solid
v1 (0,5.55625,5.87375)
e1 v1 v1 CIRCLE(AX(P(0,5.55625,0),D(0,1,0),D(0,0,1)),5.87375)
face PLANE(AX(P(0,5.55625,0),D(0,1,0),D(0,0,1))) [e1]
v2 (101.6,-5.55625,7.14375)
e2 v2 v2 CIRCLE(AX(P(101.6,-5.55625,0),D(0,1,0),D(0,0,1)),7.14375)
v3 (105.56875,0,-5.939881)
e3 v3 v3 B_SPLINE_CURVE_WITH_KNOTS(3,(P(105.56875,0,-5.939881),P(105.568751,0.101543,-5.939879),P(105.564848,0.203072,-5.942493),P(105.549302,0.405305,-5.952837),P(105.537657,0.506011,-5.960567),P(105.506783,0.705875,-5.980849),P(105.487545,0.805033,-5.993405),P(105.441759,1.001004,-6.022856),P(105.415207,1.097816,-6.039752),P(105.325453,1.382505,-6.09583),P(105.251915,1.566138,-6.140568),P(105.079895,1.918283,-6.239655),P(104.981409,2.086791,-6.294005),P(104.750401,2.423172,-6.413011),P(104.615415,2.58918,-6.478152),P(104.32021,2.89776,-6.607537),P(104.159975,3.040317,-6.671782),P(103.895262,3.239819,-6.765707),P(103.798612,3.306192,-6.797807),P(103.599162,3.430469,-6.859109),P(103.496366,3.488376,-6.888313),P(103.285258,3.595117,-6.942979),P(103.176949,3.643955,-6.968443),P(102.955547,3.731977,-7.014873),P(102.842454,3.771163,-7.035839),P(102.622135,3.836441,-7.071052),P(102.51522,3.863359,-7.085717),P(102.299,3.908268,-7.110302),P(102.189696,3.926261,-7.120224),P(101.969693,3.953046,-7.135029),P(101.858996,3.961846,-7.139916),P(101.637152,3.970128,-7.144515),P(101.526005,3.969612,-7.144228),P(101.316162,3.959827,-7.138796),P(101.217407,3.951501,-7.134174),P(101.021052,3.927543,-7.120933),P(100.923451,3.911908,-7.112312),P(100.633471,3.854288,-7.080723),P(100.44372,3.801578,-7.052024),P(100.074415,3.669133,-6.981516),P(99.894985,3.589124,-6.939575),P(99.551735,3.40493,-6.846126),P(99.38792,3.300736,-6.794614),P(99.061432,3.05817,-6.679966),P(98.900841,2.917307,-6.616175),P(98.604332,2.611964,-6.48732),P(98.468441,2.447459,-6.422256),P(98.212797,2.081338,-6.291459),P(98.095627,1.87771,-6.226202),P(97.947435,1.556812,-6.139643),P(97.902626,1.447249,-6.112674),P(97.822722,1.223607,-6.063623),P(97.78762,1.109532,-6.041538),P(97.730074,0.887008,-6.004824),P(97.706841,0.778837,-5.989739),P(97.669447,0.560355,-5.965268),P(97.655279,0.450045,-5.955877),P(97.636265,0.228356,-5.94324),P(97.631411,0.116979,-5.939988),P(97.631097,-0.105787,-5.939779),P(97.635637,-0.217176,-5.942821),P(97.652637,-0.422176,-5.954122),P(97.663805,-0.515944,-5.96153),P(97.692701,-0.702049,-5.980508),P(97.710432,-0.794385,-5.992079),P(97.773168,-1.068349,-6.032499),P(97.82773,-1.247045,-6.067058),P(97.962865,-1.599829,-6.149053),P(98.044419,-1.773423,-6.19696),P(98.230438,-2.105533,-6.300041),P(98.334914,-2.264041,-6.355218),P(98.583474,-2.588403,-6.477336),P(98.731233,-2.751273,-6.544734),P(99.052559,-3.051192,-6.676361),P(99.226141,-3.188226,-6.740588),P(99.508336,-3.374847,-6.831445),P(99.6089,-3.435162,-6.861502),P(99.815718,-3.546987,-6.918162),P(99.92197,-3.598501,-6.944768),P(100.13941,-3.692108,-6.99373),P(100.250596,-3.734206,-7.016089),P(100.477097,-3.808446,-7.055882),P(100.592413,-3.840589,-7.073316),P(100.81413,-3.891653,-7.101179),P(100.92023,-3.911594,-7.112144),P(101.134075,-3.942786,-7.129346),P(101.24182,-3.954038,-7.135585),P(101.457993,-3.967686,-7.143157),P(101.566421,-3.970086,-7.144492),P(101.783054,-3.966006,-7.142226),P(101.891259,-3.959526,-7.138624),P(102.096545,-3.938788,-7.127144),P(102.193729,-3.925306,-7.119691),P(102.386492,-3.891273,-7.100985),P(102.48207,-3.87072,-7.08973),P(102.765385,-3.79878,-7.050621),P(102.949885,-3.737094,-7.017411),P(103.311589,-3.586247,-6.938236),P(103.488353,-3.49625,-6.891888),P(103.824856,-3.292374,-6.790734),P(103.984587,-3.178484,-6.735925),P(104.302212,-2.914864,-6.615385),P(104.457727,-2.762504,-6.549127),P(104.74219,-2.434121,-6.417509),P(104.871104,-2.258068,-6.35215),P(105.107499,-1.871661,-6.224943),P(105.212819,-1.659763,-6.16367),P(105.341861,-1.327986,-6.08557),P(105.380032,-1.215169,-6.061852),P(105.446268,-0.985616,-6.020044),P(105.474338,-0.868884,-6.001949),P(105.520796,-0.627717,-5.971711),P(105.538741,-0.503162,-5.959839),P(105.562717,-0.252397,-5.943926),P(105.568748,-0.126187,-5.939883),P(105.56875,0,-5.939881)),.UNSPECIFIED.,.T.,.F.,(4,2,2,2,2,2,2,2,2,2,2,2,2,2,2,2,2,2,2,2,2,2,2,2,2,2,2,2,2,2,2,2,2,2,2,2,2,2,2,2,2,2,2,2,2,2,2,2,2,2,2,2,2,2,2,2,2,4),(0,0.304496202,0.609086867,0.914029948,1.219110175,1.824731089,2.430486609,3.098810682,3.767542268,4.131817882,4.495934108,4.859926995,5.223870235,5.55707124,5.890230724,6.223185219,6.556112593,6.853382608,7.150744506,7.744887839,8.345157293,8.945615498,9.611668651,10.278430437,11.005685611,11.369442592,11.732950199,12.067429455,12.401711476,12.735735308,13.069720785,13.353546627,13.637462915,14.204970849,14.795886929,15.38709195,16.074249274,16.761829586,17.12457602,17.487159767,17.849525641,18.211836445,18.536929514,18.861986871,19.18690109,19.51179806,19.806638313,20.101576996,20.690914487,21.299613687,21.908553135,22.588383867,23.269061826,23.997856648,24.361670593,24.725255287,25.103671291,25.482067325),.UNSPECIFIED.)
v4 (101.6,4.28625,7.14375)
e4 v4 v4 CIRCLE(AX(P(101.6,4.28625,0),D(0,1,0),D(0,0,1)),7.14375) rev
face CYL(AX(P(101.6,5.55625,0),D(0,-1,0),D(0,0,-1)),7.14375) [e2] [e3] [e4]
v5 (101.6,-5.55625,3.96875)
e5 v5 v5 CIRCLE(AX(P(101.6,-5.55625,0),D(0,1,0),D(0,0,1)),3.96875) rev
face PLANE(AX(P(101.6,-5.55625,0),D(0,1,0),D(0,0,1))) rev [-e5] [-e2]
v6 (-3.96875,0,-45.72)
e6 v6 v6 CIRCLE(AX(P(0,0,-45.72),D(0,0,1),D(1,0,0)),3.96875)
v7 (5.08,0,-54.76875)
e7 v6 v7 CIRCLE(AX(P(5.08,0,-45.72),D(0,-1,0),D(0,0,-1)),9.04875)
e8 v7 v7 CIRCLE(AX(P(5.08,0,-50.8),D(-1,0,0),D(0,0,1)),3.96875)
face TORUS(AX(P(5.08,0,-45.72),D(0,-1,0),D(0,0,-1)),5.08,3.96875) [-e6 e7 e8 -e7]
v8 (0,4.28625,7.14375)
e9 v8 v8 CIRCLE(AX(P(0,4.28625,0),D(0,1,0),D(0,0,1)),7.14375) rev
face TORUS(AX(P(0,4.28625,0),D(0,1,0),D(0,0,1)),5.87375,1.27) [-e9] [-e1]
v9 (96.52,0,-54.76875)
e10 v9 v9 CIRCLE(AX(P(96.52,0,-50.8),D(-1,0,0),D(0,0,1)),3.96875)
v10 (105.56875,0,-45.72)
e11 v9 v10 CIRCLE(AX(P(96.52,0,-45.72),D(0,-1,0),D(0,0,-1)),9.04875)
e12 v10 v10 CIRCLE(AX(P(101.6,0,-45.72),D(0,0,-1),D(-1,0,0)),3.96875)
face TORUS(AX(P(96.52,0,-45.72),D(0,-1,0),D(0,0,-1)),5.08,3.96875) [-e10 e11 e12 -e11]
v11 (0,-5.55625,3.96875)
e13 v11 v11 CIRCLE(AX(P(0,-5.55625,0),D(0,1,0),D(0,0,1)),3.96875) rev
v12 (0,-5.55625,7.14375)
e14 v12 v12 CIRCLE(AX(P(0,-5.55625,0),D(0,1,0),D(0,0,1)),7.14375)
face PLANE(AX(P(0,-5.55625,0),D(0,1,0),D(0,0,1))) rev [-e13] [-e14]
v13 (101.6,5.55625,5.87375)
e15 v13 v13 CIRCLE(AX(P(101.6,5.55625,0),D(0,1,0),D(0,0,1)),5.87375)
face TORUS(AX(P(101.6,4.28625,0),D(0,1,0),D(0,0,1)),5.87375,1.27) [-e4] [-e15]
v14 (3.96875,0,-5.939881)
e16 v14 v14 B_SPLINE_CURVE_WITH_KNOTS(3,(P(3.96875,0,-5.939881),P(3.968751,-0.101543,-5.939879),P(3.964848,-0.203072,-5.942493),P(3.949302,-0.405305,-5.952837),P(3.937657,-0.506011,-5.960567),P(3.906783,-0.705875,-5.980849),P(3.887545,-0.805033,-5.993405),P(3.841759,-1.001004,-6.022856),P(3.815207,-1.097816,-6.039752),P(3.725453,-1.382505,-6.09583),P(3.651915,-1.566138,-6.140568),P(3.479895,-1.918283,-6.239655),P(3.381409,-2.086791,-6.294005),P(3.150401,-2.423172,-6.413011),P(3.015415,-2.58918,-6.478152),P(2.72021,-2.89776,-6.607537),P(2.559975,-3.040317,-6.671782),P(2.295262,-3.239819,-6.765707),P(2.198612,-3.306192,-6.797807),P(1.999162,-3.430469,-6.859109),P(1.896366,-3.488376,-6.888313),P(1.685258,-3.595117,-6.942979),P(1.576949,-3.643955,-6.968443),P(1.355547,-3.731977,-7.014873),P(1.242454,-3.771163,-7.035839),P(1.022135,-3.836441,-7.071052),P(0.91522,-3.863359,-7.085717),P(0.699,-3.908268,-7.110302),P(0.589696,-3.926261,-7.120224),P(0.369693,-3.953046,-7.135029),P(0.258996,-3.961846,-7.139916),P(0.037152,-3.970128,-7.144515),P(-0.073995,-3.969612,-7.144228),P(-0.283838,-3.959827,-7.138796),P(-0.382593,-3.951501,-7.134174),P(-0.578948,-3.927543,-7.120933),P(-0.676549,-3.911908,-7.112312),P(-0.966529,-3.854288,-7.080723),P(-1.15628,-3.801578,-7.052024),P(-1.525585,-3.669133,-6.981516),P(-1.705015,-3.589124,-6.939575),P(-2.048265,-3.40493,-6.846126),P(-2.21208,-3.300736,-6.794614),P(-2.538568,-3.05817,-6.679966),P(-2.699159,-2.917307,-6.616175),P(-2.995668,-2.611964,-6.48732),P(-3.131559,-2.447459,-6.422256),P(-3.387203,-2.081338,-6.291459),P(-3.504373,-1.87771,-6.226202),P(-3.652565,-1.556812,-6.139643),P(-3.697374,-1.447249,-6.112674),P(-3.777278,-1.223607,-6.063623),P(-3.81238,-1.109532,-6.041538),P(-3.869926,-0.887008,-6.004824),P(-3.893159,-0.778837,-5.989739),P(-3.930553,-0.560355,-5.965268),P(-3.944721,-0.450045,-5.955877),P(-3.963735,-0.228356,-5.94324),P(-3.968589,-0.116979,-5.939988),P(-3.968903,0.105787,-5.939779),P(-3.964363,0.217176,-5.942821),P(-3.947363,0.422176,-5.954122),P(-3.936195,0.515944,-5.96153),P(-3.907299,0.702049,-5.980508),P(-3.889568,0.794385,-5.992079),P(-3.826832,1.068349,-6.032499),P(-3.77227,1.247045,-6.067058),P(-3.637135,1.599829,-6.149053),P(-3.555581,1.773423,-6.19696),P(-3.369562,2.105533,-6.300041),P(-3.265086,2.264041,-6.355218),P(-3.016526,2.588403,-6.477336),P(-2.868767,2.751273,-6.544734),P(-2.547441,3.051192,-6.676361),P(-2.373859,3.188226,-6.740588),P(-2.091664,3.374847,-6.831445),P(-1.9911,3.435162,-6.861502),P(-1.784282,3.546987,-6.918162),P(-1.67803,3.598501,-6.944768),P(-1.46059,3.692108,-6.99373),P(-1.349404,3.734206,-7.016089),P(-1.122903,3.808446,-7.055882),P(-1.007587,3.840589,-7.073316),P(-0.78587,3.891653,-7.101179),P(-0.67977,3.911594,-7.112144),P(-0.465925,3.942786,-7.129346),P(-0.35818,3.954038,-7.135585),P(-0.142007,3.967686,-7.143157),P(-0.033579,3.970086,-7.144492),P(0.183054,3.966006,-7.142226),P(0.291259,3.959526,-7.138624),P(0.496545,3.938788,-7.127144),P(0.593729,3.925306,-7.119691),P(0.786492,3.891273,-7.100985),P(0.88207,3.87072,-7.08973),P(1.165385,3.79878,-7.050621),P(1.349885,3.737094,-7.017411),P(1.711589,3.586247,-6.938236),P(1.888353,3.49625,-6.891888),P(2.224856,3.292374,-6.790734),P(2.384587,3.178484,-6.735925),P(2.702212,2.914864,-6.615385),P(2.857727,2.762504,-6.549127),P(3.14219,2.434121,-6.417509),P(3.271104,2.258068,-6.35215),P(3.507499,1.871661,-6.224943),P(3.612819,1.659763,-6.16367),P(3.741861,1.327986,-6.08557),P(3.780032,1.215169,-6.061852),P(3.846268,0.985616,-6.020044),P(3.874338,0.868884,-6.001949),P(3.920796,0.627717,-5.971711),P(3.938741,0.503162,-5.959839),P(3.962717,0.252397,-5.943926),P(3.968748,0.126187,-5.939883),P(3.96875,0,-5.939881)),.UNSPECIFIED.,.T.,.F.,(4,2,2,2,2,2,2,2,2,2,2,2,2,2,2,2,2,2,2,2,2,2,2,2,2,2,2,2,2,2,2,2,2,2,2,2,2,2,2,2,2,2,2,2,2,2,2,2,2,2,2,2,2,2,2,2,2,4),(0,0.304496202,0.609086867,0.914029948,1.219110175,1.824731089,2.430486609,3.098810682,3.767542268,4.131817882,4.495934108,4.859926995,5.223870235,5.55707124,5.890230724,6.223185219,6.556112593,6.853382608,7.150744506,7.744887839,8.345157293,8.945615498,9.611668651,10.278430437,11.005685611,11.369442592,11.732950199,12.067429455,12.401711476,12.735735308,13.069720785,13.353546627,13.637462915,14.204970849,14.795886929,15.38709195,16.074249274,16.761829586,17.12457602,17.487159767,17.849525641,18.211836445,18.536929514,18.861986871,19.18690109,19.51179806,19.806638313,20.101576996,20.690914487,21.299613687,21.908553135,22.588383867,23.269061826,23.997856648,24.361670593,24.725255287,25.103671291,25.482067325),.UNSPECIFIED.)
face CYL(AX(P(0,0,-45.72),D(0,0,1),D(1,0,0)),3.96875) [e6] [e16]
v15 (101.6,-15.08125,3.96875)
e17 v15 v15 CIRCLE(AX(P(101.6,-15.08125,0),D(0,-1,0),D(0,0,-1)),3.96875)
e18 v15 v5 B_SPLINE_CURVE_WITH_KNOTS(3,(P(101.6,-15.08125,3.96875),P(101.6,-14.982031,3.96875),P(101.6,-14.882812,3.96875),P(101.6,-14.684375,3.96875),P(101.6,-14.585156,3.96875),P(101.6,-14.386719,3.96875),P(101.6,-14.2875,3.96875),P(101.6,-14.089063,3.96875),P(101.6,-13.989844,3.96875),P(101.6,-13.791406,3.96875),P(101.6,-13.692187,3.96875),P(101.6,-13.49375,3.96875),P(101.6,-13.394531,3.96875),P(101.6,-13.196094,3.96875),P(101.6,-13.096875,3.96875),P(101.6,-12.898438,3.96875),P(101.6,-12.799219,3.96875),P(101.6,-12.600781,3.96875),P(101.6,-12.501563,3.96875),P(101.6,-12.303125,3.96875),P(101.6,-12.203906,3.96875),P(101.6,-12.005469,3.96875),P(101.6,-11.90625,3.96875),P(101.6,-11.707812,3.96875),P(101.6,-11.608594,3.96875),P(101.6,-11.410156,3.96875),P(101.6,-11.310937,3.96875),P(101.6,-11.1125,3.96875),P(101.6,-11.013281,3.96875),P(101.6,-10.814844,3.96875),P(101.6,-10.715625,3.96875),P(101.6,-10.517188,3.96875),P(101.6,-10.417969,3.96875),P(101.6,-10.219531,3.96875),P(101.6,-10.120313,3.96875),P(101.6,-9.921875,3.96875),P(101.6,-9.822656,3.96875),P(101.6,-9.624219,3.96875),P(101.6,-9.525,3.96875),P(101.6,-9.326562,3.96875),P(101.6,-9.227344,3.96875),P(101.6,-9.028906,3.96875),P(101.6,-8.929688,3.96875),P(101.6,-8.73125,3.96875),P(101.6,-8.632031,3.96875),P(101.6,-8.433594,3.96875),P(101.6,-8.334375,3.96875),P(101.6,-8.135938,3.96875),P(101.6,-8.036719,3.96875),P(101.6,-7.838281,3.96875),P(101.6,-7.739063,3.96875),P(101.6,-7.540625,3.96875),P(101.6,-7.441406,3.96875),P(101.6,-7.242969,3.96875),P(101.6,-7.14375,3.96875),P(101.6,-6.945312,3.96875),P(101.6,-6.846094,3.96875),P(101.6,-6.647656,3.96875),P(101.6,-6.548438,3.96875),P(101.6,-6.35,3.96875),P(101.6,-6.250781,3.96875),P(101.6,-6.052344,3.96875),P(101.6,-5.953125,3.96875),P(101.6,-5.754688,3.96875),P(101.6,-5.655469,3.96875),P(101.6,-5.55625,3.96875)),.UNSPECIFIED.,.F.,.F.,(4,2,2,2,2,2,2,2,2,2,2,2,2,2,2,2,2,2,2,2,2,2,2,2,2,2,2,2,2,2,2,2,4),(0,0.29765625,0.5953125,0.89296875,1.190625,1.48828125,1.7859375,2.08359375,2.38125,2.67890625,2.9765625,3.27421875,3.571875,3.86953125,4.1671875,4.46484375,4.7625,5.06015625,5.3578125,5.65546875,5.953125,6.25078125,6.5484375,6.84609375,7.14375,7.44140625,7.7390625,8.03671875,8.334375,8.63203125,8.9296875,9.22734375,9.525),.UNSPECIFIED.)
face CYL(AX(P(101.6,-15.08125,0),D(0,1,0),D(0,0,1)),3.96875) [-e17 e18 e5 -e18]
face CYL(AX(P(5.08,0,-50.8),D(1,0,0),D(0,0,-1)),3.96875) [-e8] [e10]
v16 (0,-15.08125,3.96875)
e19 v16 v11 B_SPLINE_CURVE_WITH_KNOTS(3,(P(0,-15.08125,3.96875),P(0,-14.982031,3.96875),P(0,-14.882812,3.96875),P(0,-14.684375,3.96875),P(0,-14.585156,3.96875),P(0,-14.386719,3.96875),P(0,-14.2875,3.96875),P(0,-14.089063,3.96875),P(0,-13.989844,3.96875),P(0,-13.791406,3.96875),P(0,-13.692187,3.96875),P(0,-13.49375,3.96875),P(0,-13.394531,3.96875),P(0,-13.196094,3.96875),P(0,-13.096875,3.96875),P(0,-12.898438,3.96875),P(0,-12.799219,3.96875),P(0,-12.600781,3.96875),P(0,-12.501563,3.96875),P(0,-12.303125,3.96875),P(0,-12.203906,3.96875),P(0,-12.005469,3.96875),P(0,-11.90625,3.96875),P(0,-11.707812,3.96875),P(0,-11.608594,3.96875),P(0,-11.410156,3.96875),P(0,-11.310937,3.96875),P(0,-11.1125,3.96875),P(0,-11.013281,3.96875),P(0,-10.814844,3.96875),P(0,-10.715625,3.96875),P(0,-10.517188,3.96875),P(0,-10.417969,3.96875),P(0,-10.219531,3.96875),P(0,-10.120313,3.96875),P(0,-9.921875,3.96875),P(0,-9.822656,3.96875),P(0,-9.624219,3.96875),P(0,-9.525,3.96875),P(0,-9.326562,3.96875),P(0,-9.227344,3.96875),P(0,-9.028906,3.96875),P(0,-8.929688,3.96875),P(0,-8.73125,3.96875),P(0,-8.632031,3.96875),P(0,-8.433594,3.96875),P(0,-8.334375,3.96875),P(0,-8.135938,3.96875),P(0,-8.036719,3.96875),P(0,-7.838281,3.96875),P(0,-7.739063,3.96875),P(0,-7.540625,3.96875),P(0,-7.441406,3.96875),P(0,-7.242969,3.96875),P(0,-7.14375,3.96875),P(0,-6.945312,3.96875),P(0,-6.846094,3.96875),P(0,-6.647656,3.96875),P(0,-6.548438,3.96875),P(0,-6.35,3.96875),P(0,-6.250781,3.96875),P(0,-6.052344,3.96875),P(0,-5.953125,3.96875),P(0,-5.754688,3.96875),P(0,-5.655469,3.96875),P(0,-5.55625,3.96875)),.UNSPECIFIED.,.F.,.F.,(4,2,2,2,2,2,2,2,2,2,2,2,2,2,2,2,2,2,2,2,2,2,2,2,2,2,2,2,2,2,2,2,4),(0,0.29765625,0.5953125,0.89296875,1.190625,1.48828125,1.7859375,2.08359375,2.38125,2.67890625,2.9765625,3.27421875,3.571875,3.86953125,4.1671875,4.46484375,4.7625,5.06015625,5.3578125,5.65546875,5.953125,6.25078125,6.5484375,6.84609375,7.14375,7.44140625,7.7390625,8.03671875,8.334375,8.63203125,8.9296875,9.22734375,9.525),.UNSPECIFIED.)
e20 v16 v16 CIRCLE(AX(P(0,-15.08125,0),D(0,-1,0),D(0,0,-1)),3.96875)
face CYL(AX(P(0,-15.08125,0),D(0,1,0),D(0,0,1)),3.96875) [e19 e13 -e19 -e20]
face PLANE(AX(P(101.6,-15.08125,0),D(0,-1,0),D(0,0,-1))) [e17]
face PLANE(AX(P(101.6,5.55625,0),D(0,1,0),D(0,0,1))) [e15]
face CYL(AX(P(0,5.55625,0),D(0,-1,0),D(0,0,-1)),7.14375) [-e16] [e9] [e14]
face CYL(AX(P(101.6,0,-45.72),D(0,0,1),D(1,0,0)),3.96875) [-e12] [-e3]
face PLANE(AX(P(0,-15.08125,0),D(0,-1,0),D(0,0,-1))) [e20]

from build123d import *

# Parameters (mm, degrees)
SKETCH2_R      = 3.96875
SKETCH3_R      = 7.14375
EXTRUDE1_DEPTH = 5.55625
SKETCH4_R      = 3.96875
EXTRUDE2_DEPTH = 9.525
FILLET1_R      = 1.27


with BuildPart() as part:
    # Sweep1: sweep along a path in Sketch1
    with BuildLine(Plane(origin=(0, 0, 0), x_dir=(1, 0, 0), z_dir=(0, 1, 0))) as sweep1_path:
        Line((0, 0), (0, 45.72))
        ThreePointArc((0, 45.72), (1.487897552, 49.312102448), (5.08, 50.8))
        Line((5.08, 50.8), (96.52, 50.8))
        ThreePointArc((96.52, 50.8), (100.112102448, 49.312102448), (101.6, 45.72))
        Line((101.6, 45.72), (101.6, 0))
    # Sketch2 → Sweep1 (sweep)
    with BuildSketch(Plane.XY):
        Circle(SKETCH2_R)
    sweep(path=sweep1_path.line)

    # Sketch3 → Extrude1 (add, symmetric)
    with BuildSketch(Plane(origin=(0, 0, 0), x_dir=(1, 0, 0), z_dir=(0, 1, 0))):
        with Locations(Location((0, 0, 0), (0, 0, 270))):
            Circle(SKETCH3_R)
        with Locations(Location((101.6, 0, 0), (0, 0, 270))):
            Circle(SKETCH3_R)
    extrude(amount=EXTRUDE1_DEPTH, both=True)

    # Sketch4 → Extrude2 (add)
    with BuildSketch(Plane.XZ.offset(5.55625)):
        with Locations(Location((0, 0, 0), (0, 0, 90))):
            Circle(SKETCH4_R)
        with Locations(Location((101.6, 0, 0), (0, 0, 90))):
            Circle(SKETCH4_R)
    extrude(amount=EXTRUDE2_DEPTH)

    # Fillet1
    fillet1_edges = [part.edges().sort_by_distance(p)[0] for p in [
        (0, 5.55625, -7.14375),
        (101.6, 5.55625, -7.14375),
    ]]
    fillet(fillet1_edges, radius=FILLET1_R)


solid = part.part
